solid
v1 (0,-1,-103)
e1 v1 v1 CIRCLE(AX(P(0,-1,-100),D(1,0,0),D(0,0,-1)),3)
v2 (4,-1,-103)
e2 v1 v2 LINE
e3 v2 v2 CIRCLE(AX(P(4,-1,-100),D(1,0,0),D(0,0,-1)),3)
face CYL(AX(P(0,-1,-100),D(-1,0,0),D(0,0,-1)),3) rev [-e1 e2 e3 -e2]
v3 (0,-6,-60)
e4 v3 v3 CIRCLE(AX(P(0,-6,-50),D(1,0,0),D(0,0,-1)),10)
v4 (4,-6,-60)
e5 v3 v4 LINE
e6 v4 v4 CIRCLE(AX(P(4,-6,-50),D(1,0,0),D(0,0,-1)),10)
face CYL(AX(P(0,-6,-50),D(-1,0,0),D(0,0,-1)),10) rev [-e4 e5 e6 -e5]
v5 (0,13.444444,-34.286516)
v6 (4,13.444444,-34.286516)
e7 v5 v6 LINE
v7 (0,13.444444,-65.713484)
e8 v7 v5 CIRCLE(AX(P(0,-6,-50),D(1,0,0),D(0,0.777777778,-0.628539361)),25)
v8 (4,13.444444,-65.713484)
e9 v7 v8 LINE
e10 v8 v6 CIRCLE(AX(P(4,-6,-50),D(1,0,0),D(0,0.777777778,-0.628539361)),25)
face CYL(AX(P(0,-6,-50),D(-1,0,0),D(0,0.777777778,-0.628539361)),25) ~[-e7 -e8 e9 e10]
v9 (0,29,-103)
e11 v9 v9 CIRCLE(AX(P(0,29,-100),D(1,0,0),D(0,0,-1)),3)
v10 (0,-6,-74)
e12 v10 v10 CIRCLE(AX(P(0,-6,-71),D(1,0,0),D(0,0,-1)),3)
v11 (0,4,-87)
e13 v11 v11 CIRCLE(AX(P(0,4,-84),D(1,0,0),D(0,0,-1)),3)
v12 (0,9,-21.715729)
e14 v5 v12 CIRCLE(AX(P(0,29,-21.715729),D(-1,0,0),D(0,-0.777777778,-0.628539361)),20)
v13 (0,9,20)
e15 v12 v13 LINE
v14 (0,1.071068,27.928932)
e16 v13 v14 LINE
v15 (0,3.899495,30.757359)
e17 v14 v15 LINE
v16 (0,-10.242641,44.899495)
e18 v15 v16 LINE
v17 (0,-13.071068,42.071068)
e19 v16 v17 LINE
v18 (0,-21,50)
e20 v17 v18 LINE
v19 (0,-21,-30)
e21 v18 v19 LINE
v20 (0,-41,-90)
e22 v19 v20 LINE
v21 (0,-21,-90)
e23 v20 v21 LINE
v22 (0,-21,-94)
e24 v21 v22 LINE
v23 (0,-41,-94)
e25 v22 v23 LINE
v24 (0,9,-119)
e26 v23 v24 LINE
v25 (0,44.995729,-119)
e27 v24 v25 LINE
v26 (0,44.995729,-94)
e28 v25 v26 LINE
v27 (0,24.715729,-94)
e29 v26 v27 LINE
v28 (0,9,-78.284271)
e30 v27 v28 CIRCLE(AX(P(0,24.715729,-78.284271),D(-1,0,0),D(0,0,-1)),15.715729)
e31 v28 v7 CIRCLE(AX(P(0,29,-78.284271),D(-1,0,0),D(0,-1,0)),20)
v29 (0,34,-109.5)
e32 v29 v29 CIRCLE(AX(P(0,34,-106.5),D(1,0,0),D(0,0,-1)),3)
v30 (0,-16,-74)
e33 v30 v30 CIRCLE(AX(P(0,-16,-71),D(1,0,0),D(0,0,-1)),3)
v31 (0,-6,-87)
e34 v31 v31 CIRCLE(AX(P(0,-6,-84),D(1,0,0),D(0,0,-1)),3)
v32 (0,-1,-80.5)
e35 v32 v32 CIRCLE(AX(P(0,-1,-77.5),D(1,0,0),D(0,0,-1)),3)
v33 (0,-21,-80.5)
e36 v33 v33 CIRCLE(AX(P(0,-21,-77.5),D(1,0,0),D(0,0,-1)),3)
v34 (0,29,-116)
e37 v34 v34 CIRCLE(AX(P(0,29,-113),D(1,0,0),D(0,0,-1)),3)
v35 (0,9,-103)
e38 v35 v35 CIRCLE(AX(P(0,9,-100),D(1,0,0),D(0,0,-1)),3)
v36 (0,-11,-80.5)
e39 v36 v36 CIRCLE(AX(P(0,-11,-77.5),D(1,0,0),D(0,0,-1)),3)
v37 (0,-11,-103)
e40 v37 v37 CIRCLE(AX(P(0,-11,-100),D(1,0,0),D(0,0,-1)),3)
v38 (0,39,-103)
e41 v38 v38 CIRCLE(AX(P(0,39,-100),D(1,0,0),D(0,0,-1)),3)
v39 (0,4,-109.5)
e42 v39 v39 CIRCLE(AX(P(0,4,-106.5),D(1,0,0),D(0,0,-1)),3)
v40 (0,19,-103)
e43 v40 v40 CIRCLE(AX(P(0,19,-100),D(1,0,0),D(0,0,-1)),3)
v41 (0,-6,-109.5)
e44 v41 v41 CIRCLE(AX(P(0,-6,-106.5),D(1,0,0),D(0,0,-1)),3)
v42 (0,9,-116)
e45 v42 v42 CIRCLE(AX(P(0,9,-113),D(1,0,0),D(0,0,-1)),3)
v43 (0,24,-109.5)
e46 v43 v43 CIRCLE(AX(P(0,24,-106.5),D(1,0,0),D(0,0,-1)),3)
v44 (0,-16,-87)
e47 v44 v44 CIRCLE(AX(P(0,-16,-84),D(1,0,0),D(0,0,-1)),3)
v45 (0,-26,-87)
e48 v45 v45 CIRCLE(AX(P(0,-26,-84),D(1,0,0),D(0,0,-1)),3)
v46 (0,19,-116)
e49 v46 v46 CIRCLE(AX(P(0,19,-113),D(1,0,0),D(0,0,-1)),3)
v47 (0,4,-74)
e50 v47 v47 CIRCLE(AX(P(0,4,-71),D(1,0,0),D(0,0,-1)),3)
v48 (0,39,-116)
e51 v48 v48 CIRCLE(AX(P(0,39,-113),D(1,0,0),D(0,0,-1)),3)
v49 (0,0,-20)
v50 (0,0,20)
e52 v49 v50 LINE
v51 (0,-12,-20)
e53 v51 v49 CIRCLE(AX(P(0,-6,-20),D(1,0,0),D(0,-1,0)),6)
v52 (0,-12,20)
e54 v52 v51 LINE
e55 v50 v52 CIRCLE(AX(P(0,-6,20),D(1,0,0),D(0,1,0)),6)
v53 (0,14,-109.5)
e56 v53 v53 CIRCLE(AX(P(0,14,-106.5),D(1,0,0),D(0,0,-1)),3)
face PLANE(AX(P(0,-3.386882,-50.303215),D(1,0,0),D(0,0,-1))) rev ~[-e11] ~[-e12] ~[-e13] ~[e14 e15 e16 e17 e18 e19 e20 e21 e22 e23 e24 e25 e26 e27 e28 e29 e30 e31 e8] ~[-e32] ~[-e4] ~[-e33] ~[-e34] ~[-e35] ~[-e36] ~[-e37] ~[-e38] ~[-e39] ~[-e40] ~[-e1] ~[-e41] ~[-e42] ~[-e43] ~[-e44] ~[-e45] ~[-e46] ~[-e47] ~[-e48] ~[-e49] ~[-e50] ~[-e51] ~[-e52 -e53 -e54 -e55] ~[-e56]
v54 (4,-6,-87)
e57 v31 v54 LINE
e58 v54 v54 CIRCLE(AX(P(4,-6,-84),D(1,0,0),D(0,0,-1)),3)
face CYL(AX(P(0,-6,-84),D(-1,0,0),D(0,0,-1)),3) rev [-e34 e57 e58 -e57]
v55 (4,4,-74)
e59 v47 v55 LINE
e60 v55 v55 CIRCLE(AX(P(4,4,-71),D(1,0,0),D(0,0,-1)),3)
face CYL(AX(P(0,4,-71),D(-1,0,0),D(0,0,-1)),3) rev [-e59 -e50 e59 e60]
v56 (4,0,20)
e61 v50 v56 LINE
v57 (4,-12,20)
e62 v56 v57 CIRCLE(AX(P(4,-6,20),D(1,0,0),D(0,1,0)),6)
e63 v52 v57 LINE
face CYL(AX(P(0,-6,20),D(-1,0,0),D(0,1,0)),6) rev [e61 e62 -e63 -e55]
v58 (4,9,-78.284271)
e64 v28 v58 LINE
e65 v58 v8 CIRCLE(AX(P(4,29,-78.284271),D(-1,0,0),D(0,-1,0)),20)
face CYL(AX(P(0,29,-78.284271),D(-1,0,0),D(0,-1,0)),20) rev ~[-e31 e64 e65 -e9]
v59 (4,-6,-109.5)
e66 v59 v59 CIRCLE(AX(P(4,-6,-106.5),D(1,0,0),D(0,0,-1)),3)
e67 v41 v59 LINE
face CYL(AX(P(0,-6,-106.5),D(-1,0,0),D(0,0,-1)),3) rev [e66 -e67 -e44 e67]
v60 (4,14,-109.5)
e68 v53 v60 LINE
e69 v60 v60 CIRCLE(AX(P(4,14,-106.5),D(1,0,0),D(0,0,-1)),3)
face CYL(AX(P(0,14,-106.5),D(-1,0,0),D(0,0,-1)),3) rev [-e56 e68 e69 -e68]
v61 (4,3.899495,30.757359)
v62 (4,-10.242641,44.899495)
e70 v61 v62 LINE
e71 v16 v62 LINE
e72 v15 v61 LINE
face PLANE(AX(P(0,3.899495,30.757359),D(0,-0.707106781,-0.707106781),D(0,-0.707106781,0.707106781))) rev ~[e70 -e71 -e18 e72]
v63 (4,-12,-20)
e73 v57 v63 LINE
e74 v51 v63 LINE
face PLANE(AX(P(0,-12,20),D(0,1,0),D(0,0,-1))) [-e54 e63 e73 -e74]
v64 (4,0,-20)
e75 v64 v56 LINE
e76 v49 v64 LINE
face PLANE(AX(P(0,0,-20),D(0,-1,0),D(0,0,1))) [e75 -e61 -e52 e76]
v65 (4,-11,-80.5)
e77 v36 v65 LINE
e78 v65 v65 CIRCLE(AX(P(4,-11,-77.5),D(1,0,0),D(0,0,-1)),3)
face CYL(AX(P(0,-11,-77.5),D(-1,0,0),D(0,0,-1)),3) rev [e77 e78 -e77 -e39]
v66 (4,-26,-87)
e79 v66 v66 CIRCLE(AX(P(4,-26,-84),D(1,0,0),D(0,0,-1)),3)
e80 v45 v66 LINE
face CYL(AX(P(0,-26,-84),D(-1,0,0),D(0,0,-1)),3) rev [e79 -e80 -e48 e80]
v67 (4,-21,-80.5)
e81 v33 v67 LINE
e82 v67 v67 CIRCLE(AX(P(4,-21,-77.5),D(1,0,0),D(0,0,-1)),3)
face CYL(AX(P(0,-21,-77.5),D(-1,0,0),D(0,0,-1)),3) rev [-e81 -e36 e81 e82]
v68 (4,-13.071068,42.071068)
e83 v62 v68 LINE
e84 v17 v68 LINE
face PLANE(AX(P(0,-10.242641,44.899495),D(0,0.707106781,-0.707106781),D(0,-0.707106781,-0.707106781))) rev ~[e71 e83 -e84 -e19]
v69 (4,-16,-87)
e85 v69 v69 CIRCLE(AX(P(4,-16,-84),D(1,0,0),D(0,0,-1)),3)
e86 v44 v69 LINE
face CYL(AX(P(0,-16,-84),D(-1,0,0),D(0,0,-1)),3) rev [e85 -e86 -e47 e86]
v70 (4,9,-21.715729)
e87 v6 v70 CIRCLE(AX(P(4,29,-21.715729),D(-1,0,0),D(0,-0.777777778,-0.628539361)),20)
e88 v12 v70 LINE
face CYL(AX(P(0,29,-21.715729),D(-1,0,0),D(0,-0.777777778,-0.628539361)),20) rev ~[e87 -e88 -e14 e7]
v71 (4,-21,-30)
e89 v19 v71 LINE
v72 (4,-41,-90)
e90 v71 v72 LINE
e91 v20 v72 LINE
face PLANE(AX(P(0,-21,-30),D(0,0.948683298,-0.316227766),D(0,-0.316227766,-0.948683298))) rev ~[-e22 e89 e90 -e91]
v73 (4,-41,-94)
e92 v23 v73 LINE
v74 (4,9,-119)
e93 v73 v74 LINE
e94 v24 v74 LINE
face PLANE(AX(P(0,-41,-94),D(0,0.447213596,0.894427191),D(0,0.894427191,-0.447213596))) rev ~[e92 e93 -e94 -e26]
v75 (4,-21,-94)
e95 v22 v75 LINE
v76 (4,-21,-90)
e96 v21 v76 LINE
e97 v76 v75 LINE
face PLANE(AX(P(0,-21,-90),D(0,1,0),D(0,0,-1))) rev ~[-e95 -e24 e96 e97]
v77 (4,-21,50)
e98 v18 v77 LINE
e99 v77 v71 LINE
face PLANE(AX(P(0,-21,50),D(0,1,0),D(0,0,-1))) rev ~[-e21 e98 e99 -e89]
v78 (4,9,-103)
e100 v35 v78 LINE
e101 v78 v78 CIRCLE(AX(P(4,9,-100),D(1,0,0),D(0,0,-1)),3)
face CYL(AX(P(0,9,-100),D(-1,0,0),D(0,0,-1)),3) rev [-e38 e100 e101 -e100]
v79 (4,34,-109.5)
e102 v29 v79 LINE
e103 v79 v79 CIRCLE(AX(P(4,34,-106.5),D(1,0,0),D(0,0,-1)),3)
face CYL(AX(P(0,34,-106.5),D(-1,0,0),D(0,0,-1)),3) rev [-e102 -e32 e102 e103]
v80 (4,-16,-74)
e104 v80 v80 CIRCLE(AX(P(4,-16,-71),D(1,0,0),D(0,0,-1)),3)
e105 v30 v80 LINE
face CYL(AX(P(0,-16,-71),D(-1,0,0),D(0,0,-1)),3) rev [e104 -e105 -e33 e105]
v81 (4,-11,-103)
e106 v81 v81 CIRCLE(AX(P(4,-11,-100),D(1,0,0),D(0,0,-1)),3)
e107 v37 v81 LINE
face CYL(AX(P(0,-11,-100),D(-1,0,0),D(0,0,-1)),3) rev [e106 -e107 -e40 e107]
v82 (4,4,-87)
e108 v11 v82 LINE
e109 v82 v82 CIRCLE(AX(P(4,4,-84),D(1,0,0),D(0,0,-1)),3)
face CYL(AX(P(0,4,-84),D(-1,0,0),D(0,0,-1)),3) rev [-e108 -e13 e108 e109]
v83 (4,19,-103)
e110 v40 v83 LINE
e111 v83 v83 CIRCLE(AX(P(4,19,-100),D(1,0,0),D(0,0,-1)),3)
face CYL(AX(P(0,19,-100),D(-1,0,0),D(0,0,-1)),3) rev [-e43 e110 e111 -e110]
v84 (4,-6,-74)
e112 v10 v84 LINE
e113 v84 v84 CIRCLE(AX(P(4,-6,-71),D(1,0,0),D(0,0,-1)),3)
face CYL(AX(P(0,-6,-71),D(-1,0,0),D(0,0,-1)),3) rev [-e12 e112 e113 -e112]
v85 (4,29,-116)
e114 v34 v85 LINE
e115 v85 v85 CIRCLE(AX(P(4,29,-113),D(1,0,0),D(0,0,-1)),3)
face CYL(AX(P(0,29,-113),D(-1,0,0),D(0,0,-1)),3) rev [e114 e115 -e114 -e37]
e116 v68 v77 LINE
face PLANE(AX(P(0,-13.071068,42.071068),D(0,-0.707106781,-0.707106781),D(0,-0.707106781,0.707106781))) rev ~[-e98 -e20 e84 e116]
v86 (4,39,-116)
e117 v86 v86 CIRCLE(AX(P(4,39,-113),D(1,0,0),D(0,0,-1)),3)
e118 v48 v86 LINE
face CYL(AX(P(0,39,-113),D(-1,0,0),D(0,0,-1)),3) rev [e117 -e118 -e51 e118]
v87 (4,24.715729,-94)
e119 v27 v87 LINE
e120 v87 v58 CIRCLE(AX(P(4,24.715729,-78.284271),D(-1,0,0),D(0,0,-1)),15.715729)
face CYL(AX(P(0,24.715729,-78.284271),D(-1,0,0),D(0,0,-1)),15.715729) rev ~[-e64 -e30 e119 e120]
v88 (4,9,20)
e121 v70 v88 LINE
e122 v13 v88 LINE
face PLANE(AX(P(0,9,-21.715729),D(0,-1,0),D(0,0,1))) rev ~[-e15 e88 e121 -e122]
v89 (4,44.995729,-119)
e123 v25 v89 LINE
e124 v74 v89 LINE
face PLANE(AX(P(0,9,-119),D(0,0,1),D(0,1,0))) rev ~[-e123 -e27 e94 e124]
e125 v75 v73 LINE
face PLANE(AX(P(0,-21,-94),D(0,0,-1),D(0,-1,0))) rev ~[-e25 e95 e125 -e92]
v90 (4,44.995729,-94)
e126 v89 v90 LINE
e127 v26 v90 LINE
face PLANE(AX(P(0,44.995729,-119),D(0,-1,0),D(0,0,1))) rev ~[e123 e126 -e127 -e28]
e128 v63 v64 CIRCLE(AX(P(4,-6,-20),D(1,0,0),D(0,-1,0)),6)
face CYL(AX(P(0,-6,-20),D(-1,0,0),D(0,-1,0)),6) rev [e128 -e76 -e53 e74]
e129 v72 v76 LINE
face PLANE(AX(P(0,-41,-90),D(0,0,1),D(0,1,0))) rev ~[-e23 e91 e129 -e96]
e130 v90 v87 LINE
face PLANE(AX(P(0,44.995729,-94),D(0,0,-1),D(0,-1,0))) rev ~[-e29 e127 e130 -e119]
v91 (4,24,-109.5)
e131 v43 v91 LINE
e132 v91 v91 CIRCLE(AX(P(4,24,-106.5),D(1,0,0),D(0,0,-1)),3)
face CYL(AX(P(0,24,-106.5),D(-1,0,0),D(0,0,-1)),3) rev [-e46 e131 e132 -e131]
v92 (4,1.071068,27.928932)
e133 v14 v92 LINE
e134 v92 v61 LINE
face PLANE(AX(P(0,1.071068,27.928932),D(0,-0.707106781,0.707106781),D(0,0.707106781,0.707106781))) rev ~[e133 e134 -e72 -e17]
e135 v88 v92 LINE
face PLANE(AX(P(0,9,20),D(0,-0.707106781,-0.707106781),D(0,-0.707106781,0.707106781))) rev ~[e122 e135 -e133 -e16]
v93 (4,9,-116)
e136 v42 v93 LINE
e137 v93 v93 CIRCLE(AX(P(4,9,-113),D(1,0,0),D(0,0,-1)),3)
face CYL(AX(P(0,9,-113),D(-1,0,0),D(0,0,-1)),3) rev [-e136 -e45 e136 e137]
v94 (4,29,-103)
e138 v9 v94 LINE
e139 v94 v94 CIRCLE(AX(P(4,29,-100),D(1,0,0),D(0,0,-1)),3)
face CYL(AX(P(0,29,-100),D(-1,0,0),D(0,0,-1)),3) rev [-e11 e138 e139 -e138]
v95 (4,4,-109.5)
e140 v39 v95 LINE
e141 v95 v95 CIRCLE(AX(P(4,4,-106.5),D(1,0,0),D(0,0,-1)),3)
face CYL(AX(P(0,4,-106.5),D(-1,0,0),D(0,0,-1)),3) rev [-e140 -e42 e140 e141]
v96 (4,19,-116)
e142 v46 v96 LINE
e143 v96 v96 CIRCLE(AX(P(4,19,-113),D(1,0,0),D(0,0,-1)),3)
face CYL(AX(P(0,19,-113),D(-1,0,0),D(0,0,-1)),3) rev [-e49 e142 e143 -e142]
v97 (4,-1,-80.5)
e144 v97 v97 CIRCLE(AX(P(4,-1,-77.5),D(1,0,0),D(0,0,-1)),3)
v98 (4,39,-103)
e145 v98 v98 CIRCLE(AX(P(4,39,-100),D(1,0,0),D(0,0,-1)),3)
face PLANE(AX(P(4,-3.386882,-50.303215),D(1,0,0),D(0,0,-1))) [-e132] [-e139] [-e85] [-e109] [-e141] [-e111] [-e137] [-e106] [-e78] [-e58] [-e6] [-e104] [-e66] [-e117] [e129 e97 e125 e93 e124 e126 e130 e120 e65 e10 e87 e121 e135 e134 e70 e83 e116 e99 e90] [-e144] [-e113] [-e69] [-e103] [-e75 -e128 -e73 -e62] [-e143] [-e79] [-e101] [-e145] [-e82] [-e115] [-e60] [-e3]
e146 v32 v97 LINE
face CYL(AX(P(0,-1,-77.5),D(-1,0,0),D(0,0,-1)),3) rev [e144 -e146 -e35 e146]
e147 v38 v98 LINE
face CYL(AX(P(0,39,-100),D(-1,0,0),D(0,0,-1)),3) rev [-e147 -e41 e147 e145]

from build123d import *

# Parameters (mm, degrees)
SKETCH2_R           = 10
SKETCH2_R_2         = 3
BOSS_EXTRUDE1_DEPTH = 4


with BuildPart() as part:
    # Sketch2 → Boss-Extrude1 (new body)
    with BuildSketch(Plane(origin=(0, 0, 0), x_dir=(0, 0, -1), z_dir=(1, 0, 0))):
        with BuildLine():
            Line((119, 9), (119, 44.995728753))
            Line((119, 44.995728753), (94, 44.995728753))
            Line((94, 44.995728753), (94, 24.715728753))
            ThreePointArc((94, 24.715728753), (89.39696962, 13.60303038), (78.284271247, 9))
            ThreePointArc((78.284271247, 9), (71.617604581, 10.143819168), (65.713484026, 13.444444444))
            ThreePointArc((65.713484026, 13.444444444), (50, 19), (34.286515974, 13.444444444))
            ThreePointArc((34.286515974, 13.444444444), (28.382395419, 10.143819168), (21.715728753, 9))
            Line((21.715728753, 9), (-20, 9))
            Line((-20, 9), (-27.928932188, 1.071067812))
            Line((-27.928932188, 1.071067812), (-30.757359313, 3.899494937))
            Line((-30.757359313, 3.899494937), (-44.899494937, -10.242640687))
            Line((-44.899494937, -10.242640687), (-42.071067812, -13.071067812))
            Line((-42.071067812, -13.071067812), (-50, -21))
            Line((-50, -21), (18.196601125, -21))
            Line((18.196601125, -21), (30, -21))
            Line((30, -21), (90, -41))
            Line((90, -41), (90, -21))
            Line((90, -21), (94, -21))
            Line((94, -21), (94, -41))
            Line((94, -41), (119, 9))
        make_face()
        with Locations((50, -6)):
            Circle(SKETCH2_R, mode=Mode.SUBTRACT)
        with Locations((106.5, -6)):
            Circle(SKETCH2_R_2, mode=Mode.SUBTRACT)
        with Locations((106.5, 4)):
            Circle(SKETCH2_R_2, mode=Mode.SUBTRACT)
        with Locations((113, 9)):
            Circle(SKETCH2_R_2, mode=Mode.SUBTRACT)
        with Locations((106.5, 14)):
            Circle(SKETCH2_R_2, mode=Mode.SUBTRACT)
        with Locations((113, 19)):
            Circle(SKETCH2_R_2, mode=Mode.SUBTRACT)
        with Locations((106.5, 24)):
            Circle(SKETCH2_R_2, mode=Mode.SUBTRACT)
        with Locations((113, 29)):
            Circle(SKETCH2_R_2, mode=Mode.SUBTRACT)
        with Locations((113, 39)):
            Circle(SKETCH2_R_2, mode=Mode.SUBTRACT)
        with Locations((106.5, 34)):
            Circle(SKETCH2_R_2, mode=Mode.SUBTRACT)
        with Locations((100, 39)):
            Circle(SKETCH2_R_2, mode=Mode.SUBTRACT)
        with Locations((100, 29)):
            Circle(SKETCH2_R_2, mode=Mode.SUBTRACT)
        with Locations((100, 19)):
            Circle(SKETCH2_R_2, mode=Mode.SUBTRACT)
        with Locations((100, 9)):
            Circle(SKETCH2_R_2, mode=Mode.SUBTRACT)
        with Locations((100, -1)):
            Circle(SKETCH2_R_2, mode=Mode.SUBTRACT)
        with Locations((100, -11)):
            Circle(SKETCH2_R_2, mode=Mode.SUBTRACT)
        with Locations((84, 4)):
            Circle(SKETCH2_R_2, mode=Mode.SUBTRACT)
        with Locations((71, 4)):
            Circle(SKETCH2_R_2, mode=Mode.SUBTRACT)
        with Locations((77.5, -1)):
            Circle(SKETCH2_R_2, mode=Mode.SUBTRACT)
        with Locations((84, -6)):
            Circle(SKETCH2_R_2, mode=Mode.SUBTRACT)
        with Locations((84, -16)):
            Circle(SKETCH2_R_2, mode=Mode.SUBTRACT)
        with Locations((77.5, -11)):
            Circle(SKETCH2_R_2, mode=Mode.SUBTRACT)
        with Locations((71, -6)):
            Circle(SKETCH2_R_2, mode=Mode.SUBTRACT)
        with Locations((71, -16)):
            Circle(SKETCH2_R_2, mode=Mode.SUBTRACT)
        with Locations((84, -26)):
            Circle(SKETCH2_R_2, mode=Mode.SUBTRACT)
        with Locations((77.5, -21)):
            Circle(SKETCH2_R_2, mode=Mode.SUBTRACT)
        with BuildLine():
            Line((20, 0), (-20, 0))
            ThreePointArc((-20, 0), (-26, -6), (-20, -12))
            Line((-20, -12), (20, -12))
            ThreePointArc((20, -12), (26, -6), (20, 0))
        make_face(mode=Mode.SUBTRACT)
    extrude(amount=BOSS_EXTRUDE1_DEPTH)


solid = part.part
